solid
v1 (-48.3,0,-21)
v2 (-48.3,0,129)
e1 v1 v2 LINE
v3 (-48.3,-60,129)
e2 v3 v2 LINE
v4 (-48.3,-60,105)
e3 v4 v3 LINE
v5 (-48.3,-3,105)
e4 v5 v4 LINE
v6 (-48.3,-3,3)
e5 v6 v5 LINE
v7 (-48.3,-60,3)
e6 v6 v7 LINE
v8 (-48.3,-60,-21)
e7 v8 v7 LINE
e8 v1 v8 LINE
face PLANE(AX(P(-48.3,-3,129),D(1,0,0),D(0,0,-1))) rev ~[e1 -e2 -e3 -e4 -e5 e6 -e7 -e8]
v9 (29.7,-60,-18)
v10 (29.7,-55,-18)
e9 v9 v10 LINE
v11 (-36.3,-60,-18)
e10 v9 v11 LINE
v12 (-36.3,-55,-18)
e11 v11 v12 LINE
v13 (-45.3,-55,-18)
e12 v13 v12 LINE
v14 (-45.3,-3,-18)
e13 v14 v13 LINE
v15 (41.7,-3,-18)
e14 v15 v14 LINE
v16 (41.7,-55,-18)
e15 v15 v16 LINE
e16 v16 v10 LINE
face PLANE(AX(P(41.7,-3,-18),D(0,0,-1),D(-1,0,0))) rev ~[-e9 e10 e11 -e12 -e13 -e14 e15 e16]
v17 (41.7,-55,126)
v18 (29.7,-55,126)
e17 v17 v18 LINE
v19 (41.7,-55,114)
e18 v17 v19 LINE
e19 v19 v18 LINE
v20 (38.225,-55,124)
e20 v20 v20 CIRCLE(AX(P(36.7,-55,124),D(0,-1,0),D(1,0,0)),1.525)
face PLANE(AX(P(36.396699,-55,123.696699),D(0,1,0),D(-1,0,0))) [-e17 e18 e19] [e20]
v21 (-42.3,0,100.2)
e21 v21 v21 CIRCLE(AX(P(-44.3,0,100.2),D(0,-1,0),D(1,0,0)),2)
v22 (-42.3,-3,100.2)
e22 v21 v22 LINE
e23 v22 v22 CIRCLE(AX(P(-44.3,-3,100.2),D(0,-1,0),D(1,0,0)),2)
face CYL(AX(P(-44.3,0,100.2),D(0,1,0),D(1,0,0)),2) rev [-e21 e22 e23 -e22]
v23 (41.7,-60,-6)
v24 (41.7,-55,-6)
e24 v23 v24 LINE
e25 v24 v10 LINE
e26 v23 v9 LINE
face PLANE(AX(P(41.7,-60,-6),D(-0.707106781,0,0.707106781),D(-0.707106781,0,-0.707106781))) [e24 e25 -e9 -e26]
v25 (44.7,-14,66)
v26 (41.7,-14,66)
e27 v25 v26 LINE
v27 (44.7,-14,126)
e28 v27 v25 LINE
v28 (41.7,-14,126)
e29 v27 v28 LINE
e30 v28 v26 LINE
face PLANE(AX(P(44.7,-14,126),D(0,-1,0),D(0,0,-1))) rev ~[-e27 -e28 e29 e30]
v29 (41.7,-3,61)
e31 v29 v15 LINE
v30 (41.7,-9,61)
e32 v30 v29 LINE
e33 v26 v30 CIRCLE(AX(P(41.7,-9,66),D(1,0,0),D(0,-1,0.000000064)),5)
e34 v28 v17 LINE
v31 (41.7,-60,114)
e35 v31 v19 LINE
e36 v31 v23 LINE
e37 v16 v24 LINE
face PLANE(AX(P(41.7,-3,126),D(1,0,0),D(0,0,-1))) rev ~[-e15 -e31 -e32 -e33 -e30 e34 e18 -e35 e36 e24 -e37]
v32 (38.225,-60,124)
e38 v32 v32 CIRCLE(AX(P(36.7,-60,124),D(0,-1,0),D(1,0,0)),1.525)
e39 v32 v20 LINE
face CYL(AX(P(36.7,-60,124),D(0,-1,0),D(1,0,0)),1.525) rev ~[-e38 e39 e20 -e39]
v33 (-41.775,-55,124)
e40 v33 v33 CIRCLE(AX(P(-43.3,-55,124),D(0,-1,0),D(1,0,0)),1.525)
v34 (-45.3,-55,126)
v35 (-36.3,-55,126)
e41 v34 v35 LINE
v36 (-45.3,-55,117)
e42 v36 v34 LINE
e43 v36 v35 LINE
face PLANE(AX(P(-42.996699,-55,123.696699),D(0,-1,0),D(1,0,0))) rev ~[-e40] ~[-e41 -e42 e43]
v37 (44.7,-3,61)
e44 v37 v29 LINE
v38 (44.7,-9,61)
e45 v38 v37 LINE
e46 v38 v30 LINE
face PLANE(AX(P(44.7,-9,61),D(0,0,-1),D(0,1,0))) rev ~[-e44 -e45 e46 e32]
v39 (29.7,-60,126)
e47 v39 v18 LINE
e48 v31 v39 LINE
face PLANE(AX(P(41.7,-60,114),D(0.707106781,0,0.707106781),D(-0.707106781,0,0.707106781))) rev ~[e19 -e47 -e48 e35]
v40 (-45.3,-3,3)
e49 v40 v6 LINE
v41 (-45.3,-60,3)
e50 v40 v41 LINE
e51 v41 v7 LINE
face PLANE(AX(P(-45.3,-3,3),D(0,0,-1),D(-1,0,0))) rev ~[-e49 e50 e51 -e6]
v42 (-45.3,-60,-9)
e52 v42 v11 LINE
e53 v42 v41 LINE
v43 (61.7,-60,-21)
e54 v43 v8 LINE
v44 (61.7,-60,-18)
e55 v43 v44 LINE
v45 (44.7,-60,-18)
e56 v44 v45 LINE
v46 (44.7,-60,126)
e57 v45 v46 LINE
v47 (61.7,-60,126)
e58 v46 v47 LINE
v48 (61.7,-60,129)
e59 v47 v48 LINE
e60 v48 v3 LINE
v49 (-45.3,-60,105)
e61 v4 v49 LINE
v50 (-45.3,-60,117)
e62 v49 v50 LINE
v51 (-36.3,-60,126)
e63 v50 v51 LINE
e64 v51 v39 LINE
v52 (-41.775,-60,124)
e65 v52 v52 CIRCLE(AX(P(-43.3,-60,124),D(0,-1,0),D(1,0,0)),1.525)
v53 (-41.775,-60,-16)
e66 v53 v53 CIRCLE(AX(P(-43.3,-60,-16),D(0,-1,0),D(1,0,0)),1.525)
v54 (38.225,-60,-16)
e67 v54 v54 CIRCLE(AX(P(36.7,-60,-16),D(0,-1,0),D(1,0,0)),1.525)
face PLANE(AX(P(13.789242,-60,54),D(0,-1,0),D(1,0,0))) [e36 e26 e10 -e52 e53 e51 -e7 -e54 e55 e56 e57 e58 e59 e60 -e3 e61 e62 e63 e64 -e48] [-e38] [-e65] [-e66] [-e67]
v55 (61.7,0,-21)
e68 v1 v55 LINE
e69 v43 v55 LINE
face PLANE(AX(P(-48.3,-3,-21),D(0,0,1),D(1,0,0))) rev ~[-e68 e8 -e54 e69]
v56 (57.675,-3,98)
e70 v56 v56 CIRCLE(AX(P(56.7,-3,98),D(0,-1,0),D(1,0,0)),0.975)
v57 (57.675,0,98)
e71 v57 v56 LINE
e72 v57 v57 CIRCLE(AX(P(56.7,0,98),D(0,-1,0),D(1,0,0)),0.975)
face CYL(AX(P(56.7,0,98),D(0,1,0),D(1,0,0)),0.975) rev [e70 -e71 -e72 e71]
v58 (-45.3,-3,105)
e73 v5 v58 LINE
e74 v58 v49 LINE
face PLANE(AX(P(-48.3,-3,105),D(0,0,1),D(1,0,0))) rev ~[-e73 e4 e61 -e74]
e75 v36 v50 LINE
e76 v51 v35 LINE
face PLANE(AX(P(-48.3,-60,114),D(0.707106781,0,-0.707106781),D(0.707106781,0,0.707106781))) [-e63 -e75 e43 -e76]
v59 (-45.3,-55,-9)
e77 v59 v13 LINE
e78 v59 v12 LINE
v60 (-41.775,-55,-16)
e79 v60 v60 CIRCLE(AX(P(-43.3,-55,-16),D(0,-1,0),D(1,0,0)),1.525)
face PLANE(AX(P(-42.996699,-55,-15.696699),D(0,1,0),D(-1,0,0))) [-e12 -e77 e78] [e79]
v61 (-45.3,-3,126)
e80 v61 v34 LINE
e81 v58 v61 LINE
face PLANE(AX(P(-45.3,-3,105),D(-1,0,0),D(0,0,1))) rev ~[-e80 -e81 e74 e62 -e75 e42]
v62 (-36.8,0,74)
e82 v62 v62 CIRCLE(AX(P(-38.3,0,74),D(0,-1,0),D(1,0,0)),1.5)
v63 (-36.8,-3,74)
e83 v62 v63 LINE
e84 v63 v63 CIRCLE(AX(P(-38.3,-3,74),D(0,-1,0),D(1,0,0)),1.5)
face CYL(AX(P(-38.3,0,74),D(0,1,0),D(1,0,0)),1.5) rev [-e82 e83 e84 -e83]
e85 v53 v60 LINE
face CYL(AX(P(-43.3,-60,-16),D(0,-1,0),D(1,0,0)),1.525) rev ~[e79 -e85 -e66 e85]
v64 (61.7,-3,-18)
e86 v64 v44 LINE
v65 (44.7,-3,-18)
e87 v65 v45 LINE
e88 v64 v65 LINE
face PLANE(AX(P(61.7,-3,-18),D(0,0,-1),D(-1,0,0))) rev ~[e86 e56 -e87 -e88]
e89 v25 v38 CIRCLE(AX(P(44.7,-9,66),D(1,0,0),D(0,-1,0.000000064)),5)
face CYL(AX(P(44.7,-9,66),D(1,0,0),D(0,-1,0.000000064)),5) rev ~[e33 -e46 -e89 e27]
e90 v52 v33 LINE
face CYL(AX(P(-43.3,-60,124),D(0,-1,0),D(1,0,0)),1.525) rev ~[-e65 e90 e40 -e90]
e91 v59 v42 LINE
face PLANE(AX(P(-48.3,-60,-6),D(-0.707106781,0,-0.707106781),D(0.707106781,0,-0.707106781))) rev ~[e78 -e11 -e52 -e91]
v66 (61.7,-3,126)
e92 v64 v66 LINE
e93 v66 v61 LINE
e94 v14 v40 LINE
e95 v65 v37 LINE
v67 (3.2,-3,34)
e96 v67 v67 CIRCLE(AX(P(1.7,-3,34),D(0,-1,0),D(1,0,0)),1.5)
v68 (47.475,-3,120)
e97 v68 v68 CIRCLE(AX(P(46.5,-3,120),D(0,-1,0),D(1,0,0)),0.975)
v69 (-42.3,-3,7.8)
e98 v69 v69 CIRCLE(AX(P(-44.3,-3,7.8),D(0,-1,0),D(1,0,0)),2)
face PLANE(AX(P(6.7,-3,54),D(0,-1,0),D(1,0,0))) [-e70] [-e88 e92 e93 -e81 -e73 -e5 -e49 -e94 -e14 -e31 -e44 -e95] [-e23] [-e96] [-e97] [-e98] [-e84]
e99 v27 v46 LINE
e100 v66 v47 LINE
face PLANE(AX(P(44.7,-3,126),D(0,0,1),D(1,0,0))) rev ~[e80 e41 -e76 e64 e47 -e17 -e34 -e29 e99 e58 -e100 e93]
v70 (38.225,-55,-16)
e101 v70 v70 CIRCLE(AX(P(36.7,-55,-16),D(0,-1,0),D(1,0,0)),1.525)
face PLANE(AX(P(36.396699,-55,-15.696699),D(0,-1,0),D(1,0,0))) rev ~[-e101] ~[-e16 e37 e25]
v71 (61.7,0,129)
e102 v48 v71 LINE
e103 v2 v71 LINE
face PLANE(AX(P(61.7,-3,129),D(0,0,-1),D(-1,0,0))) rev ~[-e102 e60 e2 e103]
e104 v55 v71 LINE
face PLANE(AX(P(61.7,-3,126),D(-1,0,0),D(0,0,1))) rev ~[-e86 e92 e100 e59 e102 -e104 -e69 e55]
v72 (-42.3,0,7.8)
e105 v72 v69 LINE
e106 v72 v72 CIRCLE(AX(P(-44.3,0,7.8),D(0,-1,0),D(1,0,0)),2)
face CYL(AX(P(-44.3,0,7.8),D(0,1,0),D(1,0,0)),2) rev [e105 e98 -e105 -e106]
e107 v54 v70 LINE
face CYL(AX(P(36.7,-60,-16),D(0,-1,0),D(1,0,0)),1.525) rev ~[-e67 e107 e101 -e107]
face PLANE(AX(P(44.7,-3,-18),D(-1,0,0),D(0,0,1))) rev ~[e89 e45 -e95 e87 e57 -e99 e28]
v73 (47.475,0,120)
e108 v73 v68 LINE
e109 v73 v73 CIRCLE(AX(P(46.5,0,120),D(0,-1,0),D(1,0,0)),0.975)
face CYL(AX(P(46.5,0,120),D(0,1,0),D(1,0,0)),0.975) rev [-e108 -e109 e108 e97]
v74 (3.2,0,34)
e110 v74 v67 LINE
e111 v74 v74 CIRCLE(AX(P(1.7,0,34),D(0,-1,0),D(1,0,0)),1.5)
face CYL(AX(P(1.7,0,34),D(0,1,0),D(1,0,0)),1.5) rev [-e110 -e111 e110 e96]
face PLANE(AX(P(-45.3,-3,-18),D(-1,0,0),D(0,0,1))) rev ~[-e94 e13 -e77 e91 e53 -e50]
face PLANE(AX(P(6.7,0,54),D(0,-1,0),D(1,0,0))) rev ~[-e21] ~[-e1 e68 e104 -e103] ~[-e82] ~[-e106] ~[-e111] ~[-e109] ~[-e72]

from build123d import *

# Parameters (mm, degrees)
SKETCH029_W     = 110
SKETCH029_H     = 150
SKETCH029_R     = 2
SKETCH029_R_2   = 0.975
SKETCH029_R_3   = 1.5
PAD018_DEPTH    = 3
PAD019_DEPTH    = 57
SKETCH031_R     = 1.525
PAD020_DEPTH    = 5
POCKET007_DEPTH = 3


with BuildPart() as part:
    # Sketch029 → Pad018 (new body)
    with BuildSketch(Plane.XZ):
        with Locations((6.7, 54)):
            Rectangle(SKETCH029_W, SKETCH029_H)
        with Locations((-44.3, 100.2)):
            Circle(SKETCH029_R, mode=Mode.SUBTRACT)
        with Locations((-44.3, 7.8)):
            Circle(SKETCH029_R, mode=Mode.SUBTRACT)
        with Locations((56.7, 98)):
            Circle(SKETCH029_R_2, mode=Mode.SUBTRACT)
        with Locations((46.5, 120)):
            Circle(SKETCH029_R_2, mode=Mode.SUBTRACT)
        with Locations((-38.3, 74)):
            Circle(SKETCH029_R_3, mode=Mode.SUBTRACT)
        with Locations((1.7, 34)):
            Circle(SKETCH029_R_3, mode=Mode.SUBTRACT)
    extrude(amount=PAD018_DEPTH)

    # Sketch030 (on Face12 of Pad018) → Pad019 (join)
    with BuildSketch(Plane.XZ.offset(3)):
        Polygon((61.7, 129), (-48.3, 129), (-48.3, 105), (-45.3, 105), (-45.3, 126), (41.7, 126), (41.7, -18), (-45.3, -18), (-45.3, 3), (-48.3, 3), (-48.3, -21), (61.7, -21), (61.7, -18), (44.7, -18), (44.7, 126), (61.7, 126), align=None)
    extrude(amount=PAD019_DEPTH)

    # Sketch031 (on Face19 of Pad019) → Pad020 (join)
    with BuildSketch(Plane.XZ.offset(60)):
        Polygon((-48.3, -21), (-48.3, -6), (-33.3, -21), align=None)
        with Locations((-43.3, -16)):
            Circle(SKETCH031_R, mode=Mode.SUBTRACT)
        Polygon((-48.3, 129), (-48.3, 114), (-33.3, 129), align=None)
        with Locations((-43.3, 124)):
            Circle(SKETCH031_R, mode=Mode.SUBTRACT)
        Polygon((41.7, -21), (41.7, -6), (26.7, -21), align=None)
        with Locations((36.7, -16)):
            Circle(SKETCH031_R, mode=Mode.SUBTRACT)
        Polygon((41.7, 129), (41.7, 114), (26.7, 129), align=None)
        with Locations((36.7, 124)):
            Circle(SKETCH031_R, mode=Mode.SUBTRACT)
    extrude(amount=-PAD020_DEPTH)

    # Sketch032 (on Face37 of Pad020) → Pocket007 (cut)
    with BuildSketch(Plane(origin=(44.7, 0, 0), x_dir=(0, 0, 1), z_dir=(1, 0, 0))):
        with BuildLine():
            Line((126, 3), (126, 14))
            Line((126, 14), (66, 14))
            ThreePointArc((66, 14), (62.464466, 12.535534), (61, 9))
            Line((61, 9), (61, 3))
            Line((61, 3), (126, 3))
        make_face()
    extrude(amount=-POCKET007_DEPTH, mode=Mode.SUBTRACT)


solid = part.part
